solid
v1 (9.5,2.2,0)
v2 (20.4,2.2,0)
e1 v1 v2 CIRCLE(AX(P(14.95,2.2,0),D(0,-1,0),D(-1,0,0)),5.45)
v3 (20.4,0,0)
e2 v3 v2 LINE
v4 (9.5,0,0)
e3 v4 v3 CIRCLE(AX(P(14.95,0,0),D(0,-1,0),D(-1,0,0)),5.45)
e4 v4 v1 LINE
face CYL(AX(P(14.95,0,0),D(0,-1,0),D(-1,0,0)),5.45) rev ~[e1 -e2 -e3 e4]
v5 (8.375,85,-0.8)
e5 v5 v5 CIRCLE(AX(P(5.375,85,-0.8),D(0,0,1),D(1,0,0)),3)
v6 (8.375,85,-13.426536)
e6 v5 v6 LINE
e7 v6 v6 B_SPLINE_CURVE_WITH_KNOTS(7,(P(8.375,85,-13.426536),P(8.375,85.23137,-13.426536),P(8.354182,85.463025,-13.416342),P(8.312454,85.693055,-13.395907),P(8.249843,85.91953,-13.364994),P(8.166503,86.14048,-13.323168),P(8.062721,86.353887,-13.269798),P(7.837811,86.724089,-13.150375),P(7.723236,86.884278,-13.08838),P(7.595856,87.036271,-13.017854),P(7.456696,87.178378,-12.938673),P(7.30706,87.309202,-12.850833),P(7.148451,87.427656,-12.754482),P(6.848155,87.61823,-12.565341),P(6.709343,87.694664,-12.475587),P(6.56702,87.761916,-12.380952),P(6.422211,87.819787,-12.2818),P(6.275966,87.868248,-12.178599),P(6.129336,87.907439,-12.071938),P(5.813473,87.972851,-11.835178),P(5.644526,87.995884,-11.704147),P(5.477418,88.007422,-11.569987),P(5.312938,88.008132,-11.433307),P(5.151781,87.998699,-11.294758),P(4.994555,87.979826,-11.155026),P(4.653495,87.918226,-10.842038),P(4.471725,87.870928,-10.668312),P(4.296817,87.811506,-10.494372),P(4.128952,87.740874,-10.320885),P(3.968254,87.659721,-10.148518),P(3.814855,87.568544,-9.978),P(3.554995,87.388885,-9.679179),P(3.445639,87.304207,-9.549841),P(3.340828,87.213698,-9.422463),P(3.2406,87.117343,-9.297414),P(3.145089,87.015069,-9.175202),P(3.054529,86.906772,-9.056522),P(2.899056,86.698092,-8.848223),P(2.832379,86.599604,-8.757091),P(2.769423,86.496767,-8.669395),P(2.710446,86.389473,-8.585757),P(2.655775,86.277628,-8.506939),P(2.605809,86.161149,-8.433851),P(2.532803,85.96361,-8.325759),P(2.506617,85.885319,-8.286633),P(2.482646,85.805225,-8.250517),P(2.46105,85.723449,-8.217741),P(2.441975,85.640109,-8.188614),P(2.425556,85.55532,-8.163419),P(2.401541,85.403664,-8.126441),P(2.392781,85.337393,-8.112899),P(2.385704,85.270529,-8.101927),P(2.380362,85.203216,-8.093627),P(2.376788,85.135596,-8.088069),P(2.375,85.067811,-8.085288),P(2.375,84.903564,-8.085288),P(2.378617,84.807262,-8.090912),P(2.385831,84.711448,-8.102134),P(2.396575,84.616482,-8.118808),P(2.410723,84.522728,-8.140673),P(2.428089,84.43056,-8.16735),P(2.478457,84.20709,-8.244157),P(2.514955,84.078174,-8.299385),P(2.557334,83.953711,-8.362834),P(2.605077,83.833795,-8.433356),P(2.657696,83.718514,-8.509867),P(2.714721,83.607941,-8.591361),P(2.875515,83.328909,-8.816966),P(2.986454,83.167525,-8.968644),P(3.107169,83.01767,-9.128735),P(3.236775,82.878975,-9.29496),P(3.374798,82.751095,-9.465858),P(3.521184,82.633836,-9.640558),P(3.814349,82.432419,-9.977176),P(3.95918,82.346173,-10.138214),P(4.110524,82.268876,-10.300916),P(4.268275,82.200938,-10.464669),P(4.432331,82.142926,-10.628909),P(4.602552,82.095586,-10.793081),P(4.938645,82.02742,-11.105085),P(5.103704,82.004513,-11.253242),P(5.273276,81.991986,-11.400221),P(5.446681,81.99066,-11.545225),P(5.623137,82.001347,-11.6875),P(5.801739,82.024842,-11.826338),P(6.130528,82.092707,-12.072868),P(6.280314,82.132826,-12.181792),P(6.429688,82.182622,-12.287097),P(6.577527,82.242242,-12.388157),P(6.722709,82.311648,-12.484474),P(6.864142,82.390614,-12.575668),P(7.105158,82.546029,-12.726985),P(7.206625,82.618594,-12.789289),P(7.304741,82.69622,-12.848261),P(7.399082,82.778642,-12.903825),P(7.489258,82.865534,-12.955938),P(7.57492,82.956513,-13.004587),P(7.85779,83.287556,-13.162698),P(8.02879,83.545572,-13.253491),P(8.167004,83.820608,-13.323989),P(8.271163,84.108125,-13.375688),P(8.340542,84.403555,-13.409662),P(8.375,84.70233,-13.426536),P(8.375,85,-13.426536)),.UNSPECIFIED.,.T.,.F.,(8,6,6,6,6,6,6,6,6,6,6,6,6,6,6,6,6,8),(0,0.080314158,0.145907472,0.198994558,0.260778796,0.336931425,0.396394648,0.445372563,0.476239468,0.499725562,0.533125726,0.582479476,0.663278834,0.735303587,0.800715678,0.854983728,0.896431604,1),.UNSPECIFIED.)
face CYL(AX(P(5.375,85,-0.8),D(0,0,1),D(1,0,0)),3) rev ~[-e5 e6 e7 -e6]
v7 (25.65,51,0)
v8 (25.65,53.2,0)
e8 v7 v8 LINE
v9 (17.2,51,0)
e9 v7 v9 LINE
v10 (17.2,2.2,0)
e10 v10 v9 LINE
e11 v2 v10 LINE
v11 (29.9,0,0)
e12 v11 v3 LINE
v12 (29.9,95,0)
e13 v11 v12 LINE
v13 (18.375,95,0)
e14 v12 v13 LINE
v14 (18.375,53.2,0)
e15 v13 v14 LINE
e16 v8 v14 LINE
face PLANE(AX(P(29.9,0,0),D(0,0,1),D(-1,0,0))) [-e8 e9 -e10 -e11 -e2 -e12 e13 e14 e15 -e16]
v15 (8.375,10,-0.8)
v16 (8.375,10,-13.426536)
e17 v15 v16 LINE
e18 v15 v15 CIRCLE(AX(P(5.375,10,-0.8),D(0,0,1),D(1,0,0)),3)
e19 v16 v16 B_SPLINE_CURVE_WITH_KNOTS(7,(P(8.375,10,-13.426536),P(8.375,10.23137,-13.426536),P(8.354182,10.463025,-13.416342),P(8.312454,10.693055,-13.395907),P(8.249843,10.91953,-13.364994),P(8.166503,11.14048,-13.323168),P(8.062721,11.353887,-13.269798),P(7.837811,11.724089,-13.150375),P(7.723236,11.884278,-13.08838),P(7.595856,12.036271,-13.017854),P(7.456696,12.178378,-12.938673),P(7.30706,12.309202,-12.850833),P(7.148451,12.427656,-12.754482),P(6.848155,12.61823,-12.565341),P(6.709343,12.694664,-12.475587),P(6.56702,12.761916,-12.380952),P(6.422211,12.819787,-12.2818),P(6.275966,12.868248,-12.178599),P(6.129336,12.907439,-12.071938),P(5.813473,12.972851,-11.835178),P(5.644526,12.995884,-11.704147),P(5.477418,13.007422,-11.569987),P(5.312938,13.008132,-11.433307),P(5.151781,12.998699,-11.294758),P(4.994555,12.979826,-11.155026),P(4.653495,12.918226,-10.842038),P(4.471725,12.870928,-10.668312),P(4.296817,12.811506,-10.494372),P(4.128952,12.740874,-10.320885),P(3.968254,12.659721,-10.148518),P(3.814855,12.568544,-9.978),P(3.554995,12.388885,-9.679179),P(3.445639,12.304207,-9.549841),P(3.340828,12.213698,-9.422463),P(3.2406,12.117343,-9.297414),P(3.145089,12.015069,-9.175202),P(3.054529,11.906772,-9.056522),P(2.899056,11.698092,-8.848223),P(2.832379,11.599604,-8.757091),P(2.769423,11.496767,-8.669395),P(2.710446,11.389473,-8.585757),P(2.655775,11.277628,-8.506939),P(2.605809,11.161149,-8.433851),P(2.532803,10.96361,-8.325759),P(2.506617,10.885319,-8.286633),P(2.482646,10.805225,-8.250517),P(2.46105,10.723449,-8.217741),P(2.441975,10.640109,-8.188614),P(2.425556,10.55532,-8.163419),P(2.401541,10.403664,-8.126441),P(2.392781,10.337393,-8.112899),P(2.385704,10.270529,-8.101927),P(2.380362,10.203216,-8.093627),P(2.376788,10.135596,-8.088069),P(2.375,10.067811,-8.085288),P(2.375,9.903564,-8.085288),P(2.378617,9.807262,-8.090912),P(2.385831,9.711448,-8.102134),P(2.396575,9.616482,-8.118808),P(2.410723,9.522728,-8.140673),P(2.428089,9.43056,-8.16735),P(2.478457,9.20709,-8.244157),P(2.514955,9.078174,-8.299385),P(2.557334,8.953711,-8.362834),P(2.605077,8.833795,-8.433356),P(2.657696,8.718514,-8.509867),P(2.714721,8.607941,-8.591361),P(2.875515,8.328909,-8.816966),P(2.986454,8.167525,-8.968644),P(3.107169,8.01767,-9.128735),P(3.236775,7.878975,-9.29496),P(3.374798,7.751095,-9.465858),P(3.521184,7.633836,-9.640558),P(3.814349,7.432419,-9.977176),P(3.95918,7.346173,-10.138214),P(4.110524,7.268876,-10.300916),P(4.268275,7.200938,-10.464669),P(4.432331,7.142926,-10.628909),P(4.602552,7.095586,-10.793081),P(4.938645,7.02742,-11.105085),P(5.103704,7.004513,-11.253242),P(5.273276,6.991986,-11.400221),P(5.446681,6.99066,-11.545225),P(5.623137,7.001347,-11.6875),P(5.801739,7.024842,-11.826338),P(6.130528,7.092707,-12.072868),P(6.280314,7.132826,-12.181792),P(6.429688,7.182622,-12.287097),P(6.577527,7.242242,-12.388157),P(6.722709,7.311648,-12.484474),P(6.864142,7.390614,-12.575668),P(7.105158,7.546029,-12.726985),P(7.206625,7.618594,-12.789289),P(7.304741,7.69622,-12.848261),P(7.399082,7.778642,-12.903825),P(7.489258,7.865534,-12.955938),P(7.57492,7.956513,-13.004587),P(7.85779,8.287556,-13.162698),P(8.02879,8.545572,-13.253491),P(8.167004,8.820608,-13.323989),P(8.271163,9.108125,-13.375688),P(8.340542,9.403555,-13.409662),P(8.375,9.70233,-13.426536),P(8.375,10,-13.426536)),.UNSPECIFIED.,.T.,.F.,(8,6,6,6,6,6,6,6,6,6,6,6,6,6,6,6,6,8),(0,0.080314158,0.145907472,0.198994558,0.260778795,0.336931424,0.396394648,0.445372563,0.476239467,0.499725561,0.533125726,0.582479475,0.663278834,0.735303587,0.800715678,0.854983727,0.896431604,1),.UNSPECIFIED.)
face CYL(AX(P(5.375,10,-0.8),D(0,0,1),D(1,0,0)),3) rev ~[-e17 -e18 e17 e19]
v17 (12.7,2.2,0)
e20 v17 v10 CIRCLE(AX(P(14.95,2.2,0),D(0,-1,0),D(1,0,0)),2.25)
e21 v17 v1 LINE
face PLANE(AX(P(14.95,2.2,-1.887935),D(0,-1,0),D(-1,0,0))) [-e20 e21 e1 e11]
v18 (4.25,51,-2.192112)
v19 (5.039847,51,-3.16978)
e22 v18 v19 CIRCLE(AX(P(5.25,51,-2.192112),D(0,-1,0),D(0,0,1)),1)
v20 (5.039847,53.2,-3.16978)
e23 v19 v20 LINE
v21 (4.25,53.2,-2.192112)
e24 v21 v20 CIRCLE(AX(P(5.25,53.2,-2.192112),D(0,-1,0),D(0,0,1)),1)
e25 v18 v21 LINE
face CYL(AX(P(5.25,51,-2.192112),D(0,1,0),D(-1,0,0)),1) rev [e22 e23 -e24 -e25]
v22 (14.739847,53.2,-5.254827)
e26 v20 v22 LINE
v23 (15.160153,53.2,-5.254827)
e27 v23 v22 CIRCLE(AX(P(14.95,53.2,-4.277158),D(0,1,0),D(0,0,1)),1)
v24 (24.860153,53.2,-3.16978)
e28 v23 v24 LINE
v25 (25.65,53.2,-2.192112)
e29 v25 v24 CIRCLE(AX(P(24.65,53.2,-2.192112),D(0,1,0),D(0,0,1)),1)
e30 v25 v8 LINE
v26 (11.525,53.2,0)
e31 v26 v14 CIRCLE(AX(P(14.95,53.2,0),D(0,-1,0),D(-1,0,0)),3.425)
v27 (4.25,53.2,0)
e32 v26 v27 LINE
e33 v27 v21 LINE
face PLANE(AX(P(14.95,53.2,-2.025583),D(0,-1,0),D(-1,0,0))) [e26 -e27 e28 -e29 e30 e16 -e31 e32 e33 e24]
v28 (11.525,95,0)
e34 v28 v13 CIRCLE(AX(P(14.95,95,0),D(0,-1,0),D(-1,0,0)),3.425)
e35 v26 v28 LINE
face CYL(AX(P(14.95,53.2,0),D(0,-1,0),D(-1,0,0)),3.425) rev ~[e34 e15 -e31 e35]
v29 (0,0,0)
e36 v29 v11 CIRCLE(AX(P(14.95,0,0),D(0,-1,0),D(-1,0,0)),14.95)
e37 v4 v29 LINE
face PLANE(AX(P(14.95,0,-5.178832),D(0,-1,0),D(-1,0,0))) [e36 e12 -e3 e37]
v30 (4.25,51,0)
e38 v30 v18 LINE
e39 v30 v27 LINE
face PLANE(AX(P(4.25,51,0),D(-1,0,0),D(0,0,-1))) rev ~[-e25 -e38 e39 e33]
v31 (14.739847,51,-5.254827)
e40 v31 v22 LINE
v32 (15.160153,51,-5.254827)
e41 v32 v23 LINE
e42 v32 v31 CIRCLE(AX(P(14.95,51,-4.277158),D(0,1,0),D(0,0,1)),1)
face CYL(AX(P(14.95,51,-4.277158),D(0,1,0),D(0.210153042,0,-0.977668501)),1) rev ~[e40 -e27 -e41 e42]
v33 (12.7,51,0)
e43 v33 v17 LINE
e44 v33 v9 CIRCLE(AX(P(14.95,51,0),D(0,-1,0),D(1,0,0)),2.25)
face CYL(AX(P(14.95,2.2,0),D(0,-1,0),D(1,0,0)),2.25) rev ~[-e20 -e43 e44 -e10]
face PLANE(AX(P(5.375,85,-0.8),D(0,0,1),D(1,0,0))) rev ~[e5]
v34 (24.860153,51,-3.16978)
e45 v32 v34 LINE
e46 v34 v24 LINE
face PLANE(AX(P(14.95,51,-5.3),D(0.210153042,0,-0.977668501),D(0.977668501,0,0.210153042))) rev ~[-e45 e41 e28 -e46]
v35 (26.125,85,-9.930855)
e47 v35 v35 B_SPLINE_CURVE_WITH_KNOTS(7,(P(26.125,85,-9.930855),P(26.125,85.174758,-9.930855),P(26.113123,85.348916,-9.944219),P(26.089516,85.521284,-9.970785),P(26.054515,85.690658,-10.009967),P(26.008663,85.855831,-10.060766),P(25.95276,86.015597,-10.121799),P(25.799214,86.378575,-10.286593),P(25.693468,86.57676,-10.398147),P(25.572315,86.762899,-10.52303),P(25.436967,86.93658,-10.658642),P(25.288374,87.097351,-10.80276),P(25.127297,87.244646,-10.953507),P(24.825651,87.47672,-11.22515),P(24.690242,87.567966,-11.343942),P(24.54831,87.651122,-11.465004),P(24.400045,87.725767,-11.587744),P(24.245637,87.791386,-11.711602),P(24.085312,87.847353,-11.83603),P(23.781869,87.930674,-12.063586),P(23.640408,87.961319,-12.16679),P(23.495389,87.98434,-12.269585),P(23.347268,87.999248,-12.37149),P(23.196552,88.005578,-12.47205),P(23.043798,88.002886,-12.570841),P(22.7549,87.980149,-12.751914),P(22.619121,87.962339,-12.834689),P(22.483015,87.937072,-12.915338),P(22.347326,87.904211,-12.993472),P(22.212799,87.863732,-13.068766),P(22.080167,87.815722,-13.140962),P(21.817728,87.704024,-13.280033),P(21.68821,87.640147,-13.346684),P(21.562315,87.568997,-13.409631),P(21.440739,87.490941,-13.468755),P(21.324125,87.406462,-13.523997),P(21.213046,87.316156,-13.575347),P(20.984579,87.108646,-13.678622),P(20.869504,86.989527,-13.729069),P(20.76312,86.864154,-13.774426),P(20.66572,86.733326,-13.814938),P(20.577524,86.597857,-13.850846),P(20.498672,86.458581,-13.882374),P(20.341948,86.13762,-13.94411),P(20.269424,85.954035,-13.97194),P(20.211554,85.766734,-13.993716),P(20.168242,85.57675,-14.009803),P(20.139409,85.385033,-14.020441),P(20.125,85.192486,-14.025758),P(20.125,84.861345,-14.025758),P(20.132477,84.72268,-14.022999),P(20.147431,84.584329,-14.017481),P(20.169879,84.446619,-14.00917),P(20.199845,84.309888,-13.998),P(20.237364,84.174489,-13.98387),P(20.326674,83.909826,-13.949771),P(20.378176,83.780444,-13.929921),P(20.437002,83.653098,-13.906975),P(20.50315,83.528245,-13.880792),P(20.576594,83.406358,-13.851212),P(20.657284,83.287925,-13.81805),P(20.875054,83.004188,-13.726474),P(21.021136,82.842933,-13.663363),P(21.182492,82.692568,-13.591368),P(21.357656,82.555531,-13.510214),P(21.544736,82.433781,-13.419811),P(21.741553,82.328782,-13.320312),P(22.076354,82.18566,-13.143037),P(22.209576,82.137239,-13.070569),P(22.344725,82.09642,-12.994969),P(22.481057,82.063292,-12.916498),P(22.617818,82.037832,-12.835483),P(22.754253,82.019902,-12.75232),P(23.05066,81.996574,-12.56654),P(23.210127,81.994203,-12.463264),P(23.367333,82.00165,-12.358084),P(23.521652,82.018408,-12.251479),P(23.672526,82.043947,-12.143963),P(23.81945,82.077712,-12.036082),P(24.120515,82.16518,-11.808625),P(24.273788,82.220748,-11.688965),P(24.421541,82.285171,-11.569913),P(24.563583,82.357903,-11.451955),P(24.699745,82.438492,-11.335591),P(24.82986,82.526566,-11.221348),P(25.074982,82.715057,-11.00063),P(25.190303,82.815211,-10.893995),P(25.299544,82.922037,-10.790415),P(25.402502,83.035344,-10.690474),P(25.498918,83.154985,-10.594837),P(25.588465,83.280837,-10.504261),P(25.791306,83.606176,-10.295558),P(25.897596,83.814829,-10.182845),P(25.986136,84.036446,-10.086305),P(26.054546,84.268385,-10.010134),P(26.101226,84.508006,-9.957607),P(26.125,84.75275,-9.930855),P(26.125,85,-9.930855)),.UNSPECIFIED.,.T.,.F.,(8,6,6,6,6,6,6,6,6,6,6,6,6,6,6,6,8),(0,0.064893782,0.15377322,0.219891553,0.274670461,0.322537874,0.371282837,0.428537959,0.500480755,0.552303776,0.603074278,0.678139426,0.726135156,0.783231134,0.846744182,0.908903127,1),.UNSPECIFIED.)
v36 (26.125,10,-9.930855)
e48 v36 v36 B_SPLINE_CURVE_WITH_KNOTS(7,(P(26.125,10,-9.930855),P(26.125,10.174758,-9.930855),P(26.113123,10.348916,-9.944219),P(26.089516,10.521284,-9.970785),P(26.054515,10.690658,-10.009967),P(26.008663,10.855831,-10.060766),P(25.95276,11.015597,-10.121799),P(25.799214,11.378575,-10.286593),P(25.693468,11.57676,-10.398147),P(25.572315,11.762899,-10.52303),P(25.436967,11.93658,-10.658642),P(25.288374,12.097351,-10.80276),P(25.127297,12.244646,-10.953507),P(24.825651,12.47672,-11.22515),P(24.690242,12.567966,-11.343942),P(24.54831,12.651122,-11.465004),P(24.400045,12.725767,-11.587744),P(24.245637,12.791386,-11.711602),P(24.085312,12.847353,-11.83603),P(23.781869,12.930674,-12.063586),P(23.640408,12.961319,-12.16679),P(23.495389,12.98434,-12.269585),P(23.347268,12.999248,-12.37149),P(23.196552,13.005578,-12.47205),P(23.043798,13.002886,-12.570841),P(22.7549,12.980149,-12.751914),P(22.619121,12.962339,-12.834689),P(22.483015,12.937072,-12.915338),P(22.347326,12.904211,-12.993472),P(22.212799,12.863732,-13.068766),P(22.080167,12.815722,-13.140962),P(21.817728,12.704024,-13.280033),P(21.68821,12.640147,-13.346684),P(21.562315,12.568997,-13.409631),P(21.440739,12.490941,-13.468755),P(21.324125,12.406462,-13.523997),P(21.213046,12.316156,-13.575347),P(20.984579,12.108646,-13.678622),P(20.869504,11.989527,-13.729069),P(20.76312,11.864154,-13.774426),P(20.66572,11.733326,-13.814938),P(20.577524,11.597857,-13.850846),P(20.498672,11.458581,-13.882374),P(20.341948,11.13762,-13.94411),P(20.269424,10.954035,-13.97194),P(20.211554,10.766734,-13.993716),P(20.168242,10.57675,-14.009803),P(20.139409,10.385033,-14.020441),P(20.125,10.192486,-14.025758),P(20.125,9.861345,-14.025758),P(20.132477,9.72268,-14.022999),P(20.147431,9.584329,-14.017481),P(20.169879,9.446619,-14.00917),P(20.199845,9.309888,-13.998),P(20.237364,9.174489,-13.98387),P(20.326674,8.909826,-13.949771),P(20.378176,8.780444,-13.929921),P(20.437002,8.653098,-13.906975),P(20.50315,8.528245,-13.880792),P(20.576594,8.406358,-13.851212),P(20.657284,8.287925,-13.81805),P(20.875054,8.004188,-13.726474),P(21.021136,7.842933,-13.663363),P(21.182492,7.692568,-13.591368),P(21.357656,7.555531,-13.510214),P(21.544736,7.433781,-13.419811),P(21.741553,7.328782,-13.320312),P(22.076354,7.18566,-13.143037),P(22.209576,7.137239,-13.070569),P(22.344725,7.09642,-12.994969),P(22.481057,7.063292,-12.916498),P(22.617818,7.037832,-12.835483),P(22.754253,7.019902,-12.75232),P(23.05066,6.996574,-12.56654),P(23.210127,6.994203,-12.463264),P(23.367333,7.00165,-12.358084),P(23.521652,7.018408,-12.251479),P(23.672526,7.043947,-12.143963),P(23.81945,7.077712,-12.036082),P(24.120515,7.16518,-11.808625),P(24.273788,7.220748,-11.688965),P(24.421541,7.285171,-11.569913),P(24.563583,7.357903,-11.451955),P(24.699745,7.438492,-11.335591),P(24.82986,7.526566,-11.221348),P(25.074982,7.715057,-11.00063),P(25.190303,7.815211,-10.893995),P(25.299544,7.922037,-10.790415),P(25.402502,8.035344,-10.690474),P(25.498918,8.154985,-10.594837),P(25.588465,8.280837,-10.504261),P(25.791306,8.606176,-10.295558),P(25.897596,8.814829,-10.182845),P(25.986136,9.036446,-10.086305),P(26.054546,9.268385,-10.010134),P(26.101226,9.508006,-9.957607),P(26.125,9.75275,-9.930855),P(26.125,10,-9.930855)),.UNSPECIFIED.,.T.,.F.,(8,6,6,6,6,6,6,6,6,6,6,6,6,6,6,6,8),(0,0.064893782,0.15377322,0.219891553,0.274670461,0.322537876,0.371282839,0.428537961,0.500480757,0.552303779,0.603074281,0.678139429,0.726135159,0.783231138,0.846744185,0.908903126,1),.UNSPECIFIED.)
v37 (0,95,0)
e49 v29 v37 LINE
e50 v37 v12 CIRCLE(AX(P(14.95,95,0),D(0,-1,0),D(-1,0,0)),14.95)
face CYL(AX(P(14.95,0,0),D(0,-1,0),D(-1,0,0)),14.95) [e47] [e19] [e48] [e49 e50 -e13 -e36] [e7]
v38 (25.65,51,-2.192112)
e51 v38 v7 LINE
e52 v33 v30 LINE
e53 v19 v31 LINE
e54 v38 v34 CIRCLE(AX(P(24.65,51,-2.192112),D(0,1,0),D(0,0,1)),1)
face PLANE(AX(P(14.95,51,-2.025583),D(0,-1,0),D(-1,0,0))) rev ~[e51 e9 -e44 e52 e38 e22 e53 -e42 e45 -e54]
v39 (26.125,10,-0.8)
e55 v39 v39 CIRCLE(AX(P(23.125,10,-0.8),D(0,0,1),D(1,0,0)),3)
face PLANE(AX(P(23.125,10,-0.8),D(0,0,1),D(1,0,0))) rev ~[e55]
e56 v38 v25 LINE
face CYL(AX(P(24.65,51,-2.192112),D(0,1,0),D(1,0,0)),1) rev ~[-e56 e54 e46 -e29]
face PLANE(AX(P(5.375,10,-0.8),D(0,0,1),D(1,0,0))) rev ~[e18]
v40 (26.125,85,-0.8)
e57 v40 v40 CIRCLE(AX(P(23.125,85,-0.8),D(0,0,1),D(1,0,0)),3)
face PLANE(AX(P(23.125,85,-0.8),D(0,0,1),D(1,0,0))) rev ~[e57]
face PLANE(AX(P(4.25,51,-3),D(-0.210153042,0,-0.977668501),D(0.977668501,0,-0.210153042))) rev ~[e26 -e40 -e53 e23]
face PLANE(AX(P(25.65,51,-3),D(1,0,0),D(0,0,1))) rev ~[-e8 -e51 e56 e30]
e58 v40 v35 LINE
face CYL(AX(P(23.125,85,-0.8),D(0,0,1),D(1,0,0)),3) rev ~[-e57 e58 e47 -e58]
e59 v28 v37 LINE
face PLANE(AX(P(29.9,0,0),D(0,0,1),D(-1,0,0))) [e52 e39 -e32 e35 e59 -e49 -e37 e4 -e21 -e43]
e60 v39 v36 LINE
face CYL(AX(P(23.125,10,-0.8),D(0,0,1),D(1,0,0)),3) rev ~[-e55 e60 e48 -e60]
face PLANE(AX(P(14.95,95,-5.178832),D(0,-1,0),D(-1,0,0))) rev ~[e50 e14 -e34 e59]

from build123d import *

# Parameters (mm, degrees)
BOSS_EXTRUDE1_DEPTH = 95
CUT_EXTRUDE1_DEPTH  = 2.2
CUT_EXTRUDE2_DEPTH  = 48.8
CUT_EXTRUDE3_DEPTH  = 2.2
SKETCH8_R           = 3.425
CUT_EXTRUDE4_DEPTH  = 50
FILLET1_R           = 1
SKETCH11_R          = 3
CUT_EXTRUDE5_DEPTH  = 15


with BuildPart() as part:
    # Sketch1 → Boss-Extrude1 (new body)
    with BuildSketch(Plane(origin=(0, 0, 0), x_dir=(1, 0, 0), z_dir=(0, 1, 0))):
        with BuildLine():
            ThreePointArc((0, 0), (14.95, 14.95), (29.9, 0))
            Line((29.9, 0), (0, 0))
        make_face()
    extrude(amount=BOSS_EXTRUDE1_DEPTH)

    # Sketch4 → Cut-Extrude1 (cut)
    with BuildSketch(Plane(origin=(0, 0, 0), x_dir=(1, 0, 0), z_dir=(0, 1, 0))):
        with BuildLine():
            Line((20.4, 0), (9.5, 0))
            ThreePointArc((9.5, 0), (14.95, 5.45), (20.4, 0))
        make_face()
    extrude(amount=CUT_EXTRUDE1_DEPTH, mode=Mode.SUBTRACT)

    # Sketch5 → Cut-Extrude2 (cut)
    with BuildSketch(Plane(origin=(0, 2.2, 0), x_dir=(-1, 0, 0), z_dir=(0, -1, 0))):
        with BuildLine():
            ThreePointArc((-12.7, 0), (-14.95, 2.25), (-17.2, 0))
            Line((-17.2, 0), (-12.7, 0))
        make_face()
        with BuildLine():
            Line((-12.7, 0), (-17.2, 0))
            ThreePointArc((-17.2, 0), (-14.95, -2.25), (-12.7, 0))
        make_face()
    extrude(amount=-CUT_EXTRUDE2_DEPTH, mode=Mode.SUBTRACT)

    # Sketch6 → Cut-Extrude3 (cut)
    with BuildSketch(Plane(origin=(0, 51, 0), x_dir=(1, 0, 0), z_dir=(0, 1, 0))):
        Polygon((25.65, 0), (4.25, 0), (4.25, 3), (14.95, 5.3), (25.65, 3), align=None)
    extrude(amount=CUT_EXTRUDE3_DEPTH, mode=Mode.SUBTRACT)

    # Sketch8 → Cut-Extrude4 (cut)
    with BuildSketch(Plane(origin=(0, 53.2, 0), x_dir=(-1, 0, 0), z_dir=(0, -1, 0))):
        with Locations((-14.95, 0)):
            Circle(SKETCH8_R)
    extrude(amount=-CUT_EXTRUDE4_DEPTH, mode=Mode.SUBTRACT)

    # Fillet1
    fillet1_edges = [part.edges().sort_by_distance(p)[0] for p in [
        (4.25, 52.1, -3),
        (25.65, 52.1, -3),
        (14.95, 52.1, -5.3),
    ]]
    fillet(fillet1_edges, radius=FILLET1_R)

    # Sketch11 → Cut-Extrude5 (cut)
    with BuildSketch(Plane.XY.offset(-0.8)):
        with Locations((5.375, 85)):
            Circle(SKETCH11_R)
        with Locations((23.125, 85)):
            Circle(SKETCH11_R)
        with Locations((5.375, 10)):
            Circle(SKETCH11_R)
        with Locations((23.125, 10)):
            Circle(SKETCH11_R)
    extrude(amount=-CUT_EXTRUDE5_DEPTH, mode=Mode.SUBTRACT)


solid = part.part
